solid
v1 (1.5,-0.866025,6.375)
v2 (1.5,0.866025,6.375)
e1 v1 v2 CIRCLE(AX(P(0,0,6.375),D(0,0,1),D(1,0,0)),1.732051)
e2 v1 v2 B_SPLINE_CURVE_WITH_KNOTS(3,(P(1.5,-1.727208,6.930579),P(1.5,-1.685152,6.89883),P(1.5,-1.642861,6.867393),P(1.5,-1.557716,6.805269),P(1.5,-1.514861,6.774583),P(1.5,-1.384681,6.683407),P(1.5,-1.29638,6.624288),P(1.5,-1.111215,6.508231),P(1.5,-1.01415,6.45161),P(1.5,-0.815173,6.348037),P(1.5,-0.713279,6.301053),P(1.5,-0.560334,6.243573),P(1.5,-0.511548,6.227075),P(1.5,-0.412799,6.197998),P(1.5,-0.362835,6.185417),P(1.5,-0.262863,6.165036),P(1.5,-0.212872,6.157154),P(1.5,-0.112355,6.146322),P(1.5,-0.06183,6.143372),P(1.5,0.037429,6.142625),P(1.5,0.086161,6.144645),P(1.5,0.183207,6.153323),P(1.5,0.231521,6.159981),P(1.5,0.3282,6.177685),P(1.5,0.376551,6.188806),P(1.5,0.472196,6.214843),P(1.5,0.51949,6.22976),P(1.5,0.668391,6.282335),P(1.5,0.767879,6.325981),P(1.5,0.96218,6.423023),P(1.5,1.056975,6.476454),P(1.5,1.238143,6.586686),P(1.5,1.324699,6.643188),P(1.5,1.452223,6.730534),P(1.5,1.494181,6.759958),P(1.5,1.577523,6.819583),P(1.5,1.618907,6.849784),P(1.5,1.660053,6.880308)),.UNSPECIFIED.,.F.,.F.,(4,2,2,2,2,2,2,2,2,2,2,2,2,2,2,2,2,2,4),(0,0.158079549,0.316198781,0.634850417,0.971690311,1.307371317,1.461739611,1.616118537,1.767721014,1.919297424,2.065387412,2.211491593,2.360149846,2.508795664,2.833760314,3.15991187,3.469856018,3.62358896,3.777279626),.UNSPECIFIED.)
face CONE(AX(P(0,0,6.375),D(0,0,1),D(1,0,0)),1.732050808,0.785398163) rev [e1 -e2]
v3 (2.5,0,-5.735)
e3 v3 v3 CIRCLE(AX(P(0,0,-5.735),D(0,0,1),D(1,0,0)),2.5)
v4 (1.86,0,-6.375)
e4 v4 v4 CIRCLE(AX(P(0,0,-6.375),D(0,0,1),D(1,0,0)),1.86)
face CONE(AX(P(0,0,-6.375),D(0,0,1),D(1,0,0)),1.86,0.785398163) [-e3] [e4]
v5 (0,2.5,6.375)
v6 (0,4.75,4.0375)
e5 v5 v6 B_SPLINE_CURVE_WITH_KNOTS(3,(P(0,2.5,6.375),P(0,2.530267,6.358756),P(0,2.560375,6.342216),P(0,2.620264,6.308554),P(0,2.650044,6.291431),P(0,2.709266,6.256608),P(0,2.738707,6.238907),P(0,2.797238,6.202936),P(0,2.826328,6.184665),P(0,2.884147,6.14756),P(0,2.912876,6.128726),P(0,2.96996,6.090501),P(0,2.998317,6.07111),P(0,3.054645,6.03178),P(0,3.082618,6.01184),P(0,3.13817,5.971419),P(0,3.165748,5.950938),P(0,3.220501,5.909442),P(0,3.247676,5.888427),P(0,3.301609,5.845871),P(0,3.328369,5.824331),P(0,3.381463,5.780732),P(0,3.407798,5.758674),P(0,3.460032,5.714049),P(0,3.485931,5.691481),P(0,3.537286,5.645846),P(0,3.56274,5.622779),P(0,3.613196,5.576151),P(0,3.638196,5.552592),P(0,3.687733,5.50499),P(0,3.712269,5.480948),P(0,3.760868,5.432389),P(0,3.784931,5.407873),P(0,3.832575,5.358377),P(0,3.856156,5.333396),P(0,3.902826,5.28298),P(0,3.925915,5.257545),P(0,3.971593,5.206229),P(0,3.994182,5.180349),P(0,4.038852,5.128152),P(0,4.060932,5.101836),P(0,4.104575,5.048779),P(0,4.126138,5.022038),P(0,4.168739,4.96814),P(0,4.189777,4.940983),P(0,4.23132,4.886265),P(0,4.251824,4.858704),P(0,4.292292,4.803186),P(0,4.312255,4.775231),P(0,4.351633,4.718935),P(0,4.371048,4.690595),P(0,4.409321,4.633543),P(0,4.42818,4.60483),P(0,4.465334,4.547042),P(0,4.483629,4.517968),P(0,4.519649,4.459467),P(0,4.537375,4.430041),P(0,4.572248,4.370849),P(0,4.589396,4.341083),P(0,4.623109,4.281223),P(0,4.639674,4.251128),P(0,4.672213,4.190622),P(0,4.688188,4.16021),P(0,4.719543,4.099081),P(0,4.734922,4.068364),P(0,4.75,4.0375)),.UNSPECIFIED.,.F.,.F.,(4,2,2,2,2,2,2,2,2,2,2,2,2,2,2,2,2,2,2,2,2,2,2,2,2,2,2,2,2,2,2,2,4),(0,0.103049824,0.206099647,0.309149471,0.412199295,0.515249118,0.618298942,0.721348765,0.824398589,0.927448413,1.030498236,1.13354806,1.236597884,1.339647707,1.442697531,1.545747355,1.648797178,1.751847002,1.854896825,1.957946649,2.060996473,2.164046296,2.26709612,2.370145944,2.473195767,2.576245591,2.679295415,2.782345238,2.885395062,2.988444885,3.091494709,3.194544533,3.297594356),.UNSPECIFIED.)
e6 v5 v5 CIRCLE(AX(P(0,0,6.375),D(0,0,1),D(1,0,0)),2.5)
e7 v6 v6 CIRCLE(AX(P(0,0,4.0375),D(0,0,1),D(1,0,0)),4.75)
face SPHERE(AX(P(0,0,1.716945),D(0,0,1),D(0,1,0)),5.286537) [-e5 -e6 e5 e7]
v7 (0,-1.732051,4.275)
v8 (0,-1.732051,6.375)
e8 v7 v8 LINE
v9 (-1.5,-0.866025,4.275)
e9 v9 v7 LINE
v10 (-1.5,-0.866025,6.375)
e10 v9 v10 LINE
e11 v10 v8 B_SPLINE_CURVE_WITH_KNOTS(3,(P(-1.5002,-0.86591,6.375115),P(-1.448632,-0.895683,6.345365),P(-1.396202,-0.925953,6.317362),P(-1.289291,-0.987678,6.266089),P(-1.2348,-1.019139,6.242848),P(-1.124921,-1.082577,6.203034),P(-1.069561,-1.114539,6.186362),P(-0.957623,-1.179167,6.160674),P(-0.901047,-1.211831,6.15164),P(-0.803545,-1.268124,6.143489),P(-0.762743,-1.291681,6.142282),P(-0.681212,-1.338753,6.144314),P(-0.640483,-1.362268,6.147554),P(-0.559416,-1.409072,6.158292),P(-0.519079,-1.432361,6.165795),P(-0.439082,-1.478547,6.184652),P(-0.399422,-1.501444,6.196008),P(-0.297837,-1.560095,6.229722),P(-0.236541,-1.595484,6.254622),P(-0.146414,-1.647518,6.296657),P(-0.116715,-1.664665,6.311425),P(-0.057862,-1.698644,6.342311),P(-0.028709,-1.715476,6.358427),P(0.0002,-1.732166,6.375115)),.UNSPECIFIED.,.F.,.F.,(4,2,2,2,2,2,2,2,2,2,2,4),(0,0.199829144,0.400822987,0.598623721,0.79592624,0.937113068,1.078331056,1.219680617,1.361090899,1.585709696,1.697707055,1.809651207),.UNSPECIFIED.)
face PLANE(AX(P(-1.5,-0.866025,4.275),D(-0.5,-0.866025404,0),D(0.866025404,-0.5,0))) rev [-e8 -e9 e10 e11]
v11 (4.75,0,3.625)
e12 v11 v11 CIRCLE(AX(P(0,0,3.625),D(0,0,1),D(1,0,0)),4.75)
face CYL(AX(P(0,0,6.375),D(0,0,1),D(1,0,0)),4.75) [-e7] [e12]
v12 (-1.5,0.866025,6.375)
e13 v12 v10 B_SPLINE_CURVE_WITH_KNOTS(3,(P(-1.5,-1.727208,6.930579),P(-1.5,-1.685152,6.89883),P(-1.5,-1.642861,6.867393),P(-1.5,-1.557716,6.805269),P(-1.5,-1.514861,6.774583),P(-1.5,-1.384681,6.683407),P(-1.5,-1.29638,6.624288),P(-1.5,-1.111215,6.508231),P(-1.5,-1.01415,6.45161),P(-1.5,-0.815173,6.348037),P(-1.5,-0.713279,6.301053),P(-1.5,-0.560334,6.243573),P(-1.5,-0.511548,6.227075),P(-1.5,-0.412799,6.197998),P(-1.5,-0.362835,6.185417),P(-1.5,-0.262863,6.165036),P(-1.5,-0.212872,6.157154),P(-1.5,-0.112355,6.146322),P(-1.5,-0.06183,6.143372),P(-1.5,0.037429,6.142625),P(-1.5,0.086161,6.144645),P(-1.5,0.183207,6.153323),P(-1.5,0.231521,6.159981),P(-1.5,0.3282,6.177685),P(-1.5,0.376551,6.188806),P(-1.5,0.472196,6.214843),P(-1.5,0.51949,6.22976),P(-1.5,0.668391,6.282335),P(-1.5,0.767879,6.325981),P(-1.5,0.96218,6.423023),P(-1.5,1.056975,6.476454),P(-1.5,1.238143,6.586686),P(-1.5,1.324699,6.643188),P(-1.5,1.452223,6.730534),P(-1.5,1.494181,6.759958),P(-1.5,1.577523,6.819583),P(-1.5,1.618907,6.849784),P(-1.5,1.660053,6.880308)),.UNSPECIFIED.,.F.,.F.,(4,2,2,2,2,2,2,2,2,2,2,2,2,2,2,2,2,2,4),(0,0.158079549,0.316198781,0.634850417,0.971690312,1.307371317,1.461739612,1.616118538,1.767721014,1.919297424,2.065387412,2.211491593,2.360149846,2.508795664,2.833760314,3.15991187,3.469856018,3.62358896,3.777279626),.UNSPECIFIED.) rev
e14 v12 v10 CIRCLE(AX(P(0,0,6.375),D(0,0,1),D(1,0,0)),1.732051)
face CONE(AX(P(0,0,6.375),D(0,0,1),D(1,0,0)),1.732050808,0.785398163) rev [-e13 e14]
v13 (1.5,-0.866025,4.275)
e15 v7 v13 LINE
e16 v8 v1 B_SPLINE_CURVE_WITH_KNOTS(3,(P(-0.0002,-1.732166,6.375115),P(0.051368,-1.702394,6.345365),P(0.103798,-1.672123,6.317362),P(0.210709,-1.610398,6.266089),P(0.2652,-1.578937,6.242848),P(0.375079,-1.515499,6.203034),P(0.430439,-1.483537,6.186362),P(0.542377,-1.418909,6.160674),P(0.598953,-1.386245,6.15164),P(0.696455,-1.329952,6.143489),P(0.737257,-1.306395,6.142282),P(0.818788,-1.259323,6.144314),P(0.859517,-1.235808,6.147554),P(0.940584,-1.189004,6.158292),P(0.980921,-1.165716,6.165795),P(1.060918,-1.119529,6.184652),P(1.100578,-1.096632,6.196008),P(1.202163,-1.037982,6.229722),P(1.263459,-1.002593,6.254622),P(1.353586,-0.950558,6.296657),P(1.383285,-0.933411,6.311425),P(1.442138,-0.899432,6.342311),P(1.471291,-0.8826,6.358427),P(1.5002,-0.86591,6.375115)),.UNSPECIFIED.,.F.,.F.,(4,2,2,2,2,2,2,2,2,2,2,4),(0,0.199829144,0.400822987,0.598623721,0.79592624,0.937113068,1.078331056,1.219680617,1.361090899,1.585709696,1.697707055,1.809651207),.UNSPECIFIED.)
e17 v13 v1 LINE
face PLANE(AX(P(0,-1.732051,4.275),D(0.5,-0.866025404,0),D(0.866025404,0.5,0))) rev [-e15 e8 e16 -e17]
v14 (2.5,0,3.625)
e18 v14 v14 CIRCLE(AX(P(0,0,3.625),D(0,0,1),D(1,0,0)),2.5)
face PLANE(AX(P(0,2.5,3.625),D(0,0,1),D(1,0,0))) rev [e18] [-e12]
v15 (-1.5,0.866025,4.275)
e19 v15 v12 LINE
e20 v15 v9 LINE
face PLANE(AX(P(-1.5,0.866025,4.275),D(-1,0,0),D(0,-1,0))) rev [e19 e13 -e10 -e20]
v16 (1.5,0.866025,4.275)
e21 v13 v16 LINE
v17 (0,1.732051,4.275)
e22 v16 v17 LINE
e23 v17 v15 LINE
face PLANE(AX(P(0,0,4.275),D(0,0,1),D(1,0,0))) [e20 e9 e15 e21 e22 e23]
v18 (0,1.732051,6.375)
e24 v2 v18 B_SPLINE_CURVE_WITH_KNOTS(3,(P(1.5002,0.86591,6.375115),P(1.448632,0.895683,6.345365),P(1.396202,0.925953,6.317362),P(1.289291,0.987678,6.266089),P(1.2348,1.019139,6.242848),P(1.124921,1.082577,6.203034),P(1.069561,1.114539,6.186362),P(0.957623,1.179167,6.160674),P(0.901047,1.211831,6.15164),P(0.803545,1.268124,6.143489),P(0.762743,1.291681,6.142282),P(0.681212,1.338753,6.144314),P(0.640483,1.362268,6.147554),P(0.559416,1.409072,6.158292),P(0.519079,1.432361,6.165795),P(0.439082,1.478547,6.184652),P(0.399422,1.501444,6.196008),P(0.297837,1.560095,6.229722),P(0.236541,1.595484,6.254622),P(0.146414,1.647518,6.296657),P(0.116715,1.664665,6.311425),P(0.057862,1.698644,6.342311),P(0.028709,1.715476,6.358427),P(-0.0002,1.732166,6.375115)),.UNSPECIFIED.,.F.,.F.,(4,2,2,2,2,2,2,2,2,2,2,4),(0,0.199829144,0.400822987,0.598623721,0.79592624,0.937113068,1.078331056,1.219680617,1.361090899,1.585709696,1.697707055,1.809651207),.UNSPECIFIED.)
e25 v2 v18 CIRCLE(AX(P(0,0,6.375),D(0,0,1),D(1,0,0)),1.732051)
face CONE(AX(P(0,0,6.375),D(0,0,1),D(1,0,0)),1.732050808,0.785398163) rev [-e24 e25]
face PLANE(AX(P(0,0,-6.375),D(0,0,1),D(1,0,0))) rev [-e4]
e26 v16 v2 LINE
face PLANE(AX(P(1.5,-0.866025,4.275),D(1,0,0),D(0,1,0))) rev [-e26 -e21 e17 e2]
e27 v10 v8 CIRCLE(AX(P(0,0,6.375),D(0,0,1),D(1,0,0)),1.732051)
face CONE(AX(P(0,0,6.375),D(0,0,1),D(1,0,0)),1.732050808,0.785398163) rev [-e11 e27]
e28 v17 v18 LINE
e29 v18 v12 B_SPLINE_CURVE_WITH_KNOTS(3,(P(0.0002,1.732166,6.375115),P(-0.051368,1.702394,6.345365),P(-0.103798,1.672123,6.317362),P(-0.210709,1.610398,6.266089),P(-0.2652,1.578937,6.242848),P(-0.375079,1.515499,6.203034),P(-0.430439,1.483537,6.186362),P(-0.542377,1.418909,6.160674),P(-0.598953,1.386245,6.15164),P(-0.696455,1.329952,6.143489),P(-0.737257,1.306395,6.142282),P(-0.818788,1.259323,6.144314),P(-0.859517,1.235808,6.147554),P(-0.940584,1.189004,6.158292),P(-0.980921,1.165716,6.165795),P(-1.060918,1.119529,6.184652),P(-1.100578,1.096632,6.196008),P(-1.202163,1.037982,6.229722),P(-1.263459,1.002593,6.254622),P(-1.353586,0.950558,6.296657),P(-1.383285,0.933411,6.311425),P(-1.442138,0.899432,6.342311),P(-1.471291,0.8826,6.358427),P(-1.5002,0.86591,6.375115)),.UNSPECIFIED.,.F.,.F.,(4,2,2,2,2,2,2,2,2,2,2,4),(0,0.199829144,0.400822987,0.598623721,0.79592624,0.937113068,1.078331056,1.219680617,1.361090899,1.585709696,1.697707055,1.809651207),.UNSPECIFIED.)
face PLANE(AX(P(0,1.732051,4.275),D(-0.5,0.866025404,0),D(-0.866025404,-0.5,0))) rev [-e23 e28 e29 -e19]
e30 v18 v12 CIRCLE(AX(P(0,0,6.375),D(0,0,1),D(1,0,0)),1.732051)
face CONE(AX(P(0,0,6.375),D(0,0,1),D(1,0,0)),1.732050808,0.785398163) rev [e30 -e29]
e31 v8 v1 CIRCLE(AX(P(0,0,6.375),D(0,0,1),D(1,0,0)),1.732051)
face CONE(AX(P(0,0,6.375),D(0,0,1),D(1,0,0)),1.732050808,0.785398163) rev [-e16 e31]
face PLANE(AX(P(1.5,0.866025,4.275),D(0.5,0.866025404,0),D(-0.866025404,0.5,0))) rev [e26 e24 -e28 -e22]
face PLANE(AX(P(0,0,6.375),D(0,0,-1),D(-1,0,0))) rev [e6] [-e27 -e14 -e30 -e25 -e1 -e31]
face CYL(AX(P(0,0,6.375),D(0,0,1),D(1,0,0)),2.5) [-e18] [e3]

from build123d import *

# Parameters (mm, degrees)
CUT_EXTRUDE1_DEPTH = 2.1


with BuildPart() as part:
    # Sketch2 → Revolve1 (revolve)
    with BuildSketch(Plane(origin=(0, 0, 0), x_dir=(0, 0, -1), z_dir=(1, 0, 0)), mode=Mode.PRIVATE) as revolve1_sk:
        with BuildLine():
            Line((-6.375, 0), (6.375, 0))
            Line((6.375, 0), (6.375, 1.86))
            Line((6.375, 1.86), (5.735, 2.5))
            Line((5.735, 2.5), (-3.625, 2.5))
            Line((-3.625, 2.5), (-3.625, 4.75))
            Line((-3.625, 4.75), (-4.0375, 4.75))
            ThreePointArc((-4.0375, 4.75), (-5.383124817, 3.808753282), (-6.375, 2.5))
            Line((-6.375, 2.5), (-6.375, 0))
        make_face()
    revolve(revolve1_sk.sketch.rotate(Axis((0, 0, 6.375), (0, 0, -1)), 90), axis=Axis((0, 0, 6.375), (0, 0, -1)))

    # Sketch3 → Cut-Extrude1 (cut)
    with BuildSketch(Plane.XY.offset(6.375)):
        Polygon((0, 1.732050808), (-1.5, 0.866025404), (-1.5, -0.866025404), (0, -1.732050808), (1.5, -0.866025404), (1.5, 0.866025404), align=None)
    extrude(amount=-CUT_EXTRUDE1_DEPTH, mode=Mode.SUBTRACT)

    # Cut-Extrude2 cone 1 section (through the dimple's axis) → Cut-Extrude2 (revolve, cut)
    with BuildSketch(Plane(origin=(0, 0, 6.375), x_dir=(0, -1, 0), z_dir=(1, 0, 0))):
        Polygon((0, 0), (1.732050808, 0), (0, 1.732050808), align=None)
    revolve(axis=Axis((0, 0, 6.375), (0, 0, -1)), mode=Mode.SUBTRACT)


solid = part.part
